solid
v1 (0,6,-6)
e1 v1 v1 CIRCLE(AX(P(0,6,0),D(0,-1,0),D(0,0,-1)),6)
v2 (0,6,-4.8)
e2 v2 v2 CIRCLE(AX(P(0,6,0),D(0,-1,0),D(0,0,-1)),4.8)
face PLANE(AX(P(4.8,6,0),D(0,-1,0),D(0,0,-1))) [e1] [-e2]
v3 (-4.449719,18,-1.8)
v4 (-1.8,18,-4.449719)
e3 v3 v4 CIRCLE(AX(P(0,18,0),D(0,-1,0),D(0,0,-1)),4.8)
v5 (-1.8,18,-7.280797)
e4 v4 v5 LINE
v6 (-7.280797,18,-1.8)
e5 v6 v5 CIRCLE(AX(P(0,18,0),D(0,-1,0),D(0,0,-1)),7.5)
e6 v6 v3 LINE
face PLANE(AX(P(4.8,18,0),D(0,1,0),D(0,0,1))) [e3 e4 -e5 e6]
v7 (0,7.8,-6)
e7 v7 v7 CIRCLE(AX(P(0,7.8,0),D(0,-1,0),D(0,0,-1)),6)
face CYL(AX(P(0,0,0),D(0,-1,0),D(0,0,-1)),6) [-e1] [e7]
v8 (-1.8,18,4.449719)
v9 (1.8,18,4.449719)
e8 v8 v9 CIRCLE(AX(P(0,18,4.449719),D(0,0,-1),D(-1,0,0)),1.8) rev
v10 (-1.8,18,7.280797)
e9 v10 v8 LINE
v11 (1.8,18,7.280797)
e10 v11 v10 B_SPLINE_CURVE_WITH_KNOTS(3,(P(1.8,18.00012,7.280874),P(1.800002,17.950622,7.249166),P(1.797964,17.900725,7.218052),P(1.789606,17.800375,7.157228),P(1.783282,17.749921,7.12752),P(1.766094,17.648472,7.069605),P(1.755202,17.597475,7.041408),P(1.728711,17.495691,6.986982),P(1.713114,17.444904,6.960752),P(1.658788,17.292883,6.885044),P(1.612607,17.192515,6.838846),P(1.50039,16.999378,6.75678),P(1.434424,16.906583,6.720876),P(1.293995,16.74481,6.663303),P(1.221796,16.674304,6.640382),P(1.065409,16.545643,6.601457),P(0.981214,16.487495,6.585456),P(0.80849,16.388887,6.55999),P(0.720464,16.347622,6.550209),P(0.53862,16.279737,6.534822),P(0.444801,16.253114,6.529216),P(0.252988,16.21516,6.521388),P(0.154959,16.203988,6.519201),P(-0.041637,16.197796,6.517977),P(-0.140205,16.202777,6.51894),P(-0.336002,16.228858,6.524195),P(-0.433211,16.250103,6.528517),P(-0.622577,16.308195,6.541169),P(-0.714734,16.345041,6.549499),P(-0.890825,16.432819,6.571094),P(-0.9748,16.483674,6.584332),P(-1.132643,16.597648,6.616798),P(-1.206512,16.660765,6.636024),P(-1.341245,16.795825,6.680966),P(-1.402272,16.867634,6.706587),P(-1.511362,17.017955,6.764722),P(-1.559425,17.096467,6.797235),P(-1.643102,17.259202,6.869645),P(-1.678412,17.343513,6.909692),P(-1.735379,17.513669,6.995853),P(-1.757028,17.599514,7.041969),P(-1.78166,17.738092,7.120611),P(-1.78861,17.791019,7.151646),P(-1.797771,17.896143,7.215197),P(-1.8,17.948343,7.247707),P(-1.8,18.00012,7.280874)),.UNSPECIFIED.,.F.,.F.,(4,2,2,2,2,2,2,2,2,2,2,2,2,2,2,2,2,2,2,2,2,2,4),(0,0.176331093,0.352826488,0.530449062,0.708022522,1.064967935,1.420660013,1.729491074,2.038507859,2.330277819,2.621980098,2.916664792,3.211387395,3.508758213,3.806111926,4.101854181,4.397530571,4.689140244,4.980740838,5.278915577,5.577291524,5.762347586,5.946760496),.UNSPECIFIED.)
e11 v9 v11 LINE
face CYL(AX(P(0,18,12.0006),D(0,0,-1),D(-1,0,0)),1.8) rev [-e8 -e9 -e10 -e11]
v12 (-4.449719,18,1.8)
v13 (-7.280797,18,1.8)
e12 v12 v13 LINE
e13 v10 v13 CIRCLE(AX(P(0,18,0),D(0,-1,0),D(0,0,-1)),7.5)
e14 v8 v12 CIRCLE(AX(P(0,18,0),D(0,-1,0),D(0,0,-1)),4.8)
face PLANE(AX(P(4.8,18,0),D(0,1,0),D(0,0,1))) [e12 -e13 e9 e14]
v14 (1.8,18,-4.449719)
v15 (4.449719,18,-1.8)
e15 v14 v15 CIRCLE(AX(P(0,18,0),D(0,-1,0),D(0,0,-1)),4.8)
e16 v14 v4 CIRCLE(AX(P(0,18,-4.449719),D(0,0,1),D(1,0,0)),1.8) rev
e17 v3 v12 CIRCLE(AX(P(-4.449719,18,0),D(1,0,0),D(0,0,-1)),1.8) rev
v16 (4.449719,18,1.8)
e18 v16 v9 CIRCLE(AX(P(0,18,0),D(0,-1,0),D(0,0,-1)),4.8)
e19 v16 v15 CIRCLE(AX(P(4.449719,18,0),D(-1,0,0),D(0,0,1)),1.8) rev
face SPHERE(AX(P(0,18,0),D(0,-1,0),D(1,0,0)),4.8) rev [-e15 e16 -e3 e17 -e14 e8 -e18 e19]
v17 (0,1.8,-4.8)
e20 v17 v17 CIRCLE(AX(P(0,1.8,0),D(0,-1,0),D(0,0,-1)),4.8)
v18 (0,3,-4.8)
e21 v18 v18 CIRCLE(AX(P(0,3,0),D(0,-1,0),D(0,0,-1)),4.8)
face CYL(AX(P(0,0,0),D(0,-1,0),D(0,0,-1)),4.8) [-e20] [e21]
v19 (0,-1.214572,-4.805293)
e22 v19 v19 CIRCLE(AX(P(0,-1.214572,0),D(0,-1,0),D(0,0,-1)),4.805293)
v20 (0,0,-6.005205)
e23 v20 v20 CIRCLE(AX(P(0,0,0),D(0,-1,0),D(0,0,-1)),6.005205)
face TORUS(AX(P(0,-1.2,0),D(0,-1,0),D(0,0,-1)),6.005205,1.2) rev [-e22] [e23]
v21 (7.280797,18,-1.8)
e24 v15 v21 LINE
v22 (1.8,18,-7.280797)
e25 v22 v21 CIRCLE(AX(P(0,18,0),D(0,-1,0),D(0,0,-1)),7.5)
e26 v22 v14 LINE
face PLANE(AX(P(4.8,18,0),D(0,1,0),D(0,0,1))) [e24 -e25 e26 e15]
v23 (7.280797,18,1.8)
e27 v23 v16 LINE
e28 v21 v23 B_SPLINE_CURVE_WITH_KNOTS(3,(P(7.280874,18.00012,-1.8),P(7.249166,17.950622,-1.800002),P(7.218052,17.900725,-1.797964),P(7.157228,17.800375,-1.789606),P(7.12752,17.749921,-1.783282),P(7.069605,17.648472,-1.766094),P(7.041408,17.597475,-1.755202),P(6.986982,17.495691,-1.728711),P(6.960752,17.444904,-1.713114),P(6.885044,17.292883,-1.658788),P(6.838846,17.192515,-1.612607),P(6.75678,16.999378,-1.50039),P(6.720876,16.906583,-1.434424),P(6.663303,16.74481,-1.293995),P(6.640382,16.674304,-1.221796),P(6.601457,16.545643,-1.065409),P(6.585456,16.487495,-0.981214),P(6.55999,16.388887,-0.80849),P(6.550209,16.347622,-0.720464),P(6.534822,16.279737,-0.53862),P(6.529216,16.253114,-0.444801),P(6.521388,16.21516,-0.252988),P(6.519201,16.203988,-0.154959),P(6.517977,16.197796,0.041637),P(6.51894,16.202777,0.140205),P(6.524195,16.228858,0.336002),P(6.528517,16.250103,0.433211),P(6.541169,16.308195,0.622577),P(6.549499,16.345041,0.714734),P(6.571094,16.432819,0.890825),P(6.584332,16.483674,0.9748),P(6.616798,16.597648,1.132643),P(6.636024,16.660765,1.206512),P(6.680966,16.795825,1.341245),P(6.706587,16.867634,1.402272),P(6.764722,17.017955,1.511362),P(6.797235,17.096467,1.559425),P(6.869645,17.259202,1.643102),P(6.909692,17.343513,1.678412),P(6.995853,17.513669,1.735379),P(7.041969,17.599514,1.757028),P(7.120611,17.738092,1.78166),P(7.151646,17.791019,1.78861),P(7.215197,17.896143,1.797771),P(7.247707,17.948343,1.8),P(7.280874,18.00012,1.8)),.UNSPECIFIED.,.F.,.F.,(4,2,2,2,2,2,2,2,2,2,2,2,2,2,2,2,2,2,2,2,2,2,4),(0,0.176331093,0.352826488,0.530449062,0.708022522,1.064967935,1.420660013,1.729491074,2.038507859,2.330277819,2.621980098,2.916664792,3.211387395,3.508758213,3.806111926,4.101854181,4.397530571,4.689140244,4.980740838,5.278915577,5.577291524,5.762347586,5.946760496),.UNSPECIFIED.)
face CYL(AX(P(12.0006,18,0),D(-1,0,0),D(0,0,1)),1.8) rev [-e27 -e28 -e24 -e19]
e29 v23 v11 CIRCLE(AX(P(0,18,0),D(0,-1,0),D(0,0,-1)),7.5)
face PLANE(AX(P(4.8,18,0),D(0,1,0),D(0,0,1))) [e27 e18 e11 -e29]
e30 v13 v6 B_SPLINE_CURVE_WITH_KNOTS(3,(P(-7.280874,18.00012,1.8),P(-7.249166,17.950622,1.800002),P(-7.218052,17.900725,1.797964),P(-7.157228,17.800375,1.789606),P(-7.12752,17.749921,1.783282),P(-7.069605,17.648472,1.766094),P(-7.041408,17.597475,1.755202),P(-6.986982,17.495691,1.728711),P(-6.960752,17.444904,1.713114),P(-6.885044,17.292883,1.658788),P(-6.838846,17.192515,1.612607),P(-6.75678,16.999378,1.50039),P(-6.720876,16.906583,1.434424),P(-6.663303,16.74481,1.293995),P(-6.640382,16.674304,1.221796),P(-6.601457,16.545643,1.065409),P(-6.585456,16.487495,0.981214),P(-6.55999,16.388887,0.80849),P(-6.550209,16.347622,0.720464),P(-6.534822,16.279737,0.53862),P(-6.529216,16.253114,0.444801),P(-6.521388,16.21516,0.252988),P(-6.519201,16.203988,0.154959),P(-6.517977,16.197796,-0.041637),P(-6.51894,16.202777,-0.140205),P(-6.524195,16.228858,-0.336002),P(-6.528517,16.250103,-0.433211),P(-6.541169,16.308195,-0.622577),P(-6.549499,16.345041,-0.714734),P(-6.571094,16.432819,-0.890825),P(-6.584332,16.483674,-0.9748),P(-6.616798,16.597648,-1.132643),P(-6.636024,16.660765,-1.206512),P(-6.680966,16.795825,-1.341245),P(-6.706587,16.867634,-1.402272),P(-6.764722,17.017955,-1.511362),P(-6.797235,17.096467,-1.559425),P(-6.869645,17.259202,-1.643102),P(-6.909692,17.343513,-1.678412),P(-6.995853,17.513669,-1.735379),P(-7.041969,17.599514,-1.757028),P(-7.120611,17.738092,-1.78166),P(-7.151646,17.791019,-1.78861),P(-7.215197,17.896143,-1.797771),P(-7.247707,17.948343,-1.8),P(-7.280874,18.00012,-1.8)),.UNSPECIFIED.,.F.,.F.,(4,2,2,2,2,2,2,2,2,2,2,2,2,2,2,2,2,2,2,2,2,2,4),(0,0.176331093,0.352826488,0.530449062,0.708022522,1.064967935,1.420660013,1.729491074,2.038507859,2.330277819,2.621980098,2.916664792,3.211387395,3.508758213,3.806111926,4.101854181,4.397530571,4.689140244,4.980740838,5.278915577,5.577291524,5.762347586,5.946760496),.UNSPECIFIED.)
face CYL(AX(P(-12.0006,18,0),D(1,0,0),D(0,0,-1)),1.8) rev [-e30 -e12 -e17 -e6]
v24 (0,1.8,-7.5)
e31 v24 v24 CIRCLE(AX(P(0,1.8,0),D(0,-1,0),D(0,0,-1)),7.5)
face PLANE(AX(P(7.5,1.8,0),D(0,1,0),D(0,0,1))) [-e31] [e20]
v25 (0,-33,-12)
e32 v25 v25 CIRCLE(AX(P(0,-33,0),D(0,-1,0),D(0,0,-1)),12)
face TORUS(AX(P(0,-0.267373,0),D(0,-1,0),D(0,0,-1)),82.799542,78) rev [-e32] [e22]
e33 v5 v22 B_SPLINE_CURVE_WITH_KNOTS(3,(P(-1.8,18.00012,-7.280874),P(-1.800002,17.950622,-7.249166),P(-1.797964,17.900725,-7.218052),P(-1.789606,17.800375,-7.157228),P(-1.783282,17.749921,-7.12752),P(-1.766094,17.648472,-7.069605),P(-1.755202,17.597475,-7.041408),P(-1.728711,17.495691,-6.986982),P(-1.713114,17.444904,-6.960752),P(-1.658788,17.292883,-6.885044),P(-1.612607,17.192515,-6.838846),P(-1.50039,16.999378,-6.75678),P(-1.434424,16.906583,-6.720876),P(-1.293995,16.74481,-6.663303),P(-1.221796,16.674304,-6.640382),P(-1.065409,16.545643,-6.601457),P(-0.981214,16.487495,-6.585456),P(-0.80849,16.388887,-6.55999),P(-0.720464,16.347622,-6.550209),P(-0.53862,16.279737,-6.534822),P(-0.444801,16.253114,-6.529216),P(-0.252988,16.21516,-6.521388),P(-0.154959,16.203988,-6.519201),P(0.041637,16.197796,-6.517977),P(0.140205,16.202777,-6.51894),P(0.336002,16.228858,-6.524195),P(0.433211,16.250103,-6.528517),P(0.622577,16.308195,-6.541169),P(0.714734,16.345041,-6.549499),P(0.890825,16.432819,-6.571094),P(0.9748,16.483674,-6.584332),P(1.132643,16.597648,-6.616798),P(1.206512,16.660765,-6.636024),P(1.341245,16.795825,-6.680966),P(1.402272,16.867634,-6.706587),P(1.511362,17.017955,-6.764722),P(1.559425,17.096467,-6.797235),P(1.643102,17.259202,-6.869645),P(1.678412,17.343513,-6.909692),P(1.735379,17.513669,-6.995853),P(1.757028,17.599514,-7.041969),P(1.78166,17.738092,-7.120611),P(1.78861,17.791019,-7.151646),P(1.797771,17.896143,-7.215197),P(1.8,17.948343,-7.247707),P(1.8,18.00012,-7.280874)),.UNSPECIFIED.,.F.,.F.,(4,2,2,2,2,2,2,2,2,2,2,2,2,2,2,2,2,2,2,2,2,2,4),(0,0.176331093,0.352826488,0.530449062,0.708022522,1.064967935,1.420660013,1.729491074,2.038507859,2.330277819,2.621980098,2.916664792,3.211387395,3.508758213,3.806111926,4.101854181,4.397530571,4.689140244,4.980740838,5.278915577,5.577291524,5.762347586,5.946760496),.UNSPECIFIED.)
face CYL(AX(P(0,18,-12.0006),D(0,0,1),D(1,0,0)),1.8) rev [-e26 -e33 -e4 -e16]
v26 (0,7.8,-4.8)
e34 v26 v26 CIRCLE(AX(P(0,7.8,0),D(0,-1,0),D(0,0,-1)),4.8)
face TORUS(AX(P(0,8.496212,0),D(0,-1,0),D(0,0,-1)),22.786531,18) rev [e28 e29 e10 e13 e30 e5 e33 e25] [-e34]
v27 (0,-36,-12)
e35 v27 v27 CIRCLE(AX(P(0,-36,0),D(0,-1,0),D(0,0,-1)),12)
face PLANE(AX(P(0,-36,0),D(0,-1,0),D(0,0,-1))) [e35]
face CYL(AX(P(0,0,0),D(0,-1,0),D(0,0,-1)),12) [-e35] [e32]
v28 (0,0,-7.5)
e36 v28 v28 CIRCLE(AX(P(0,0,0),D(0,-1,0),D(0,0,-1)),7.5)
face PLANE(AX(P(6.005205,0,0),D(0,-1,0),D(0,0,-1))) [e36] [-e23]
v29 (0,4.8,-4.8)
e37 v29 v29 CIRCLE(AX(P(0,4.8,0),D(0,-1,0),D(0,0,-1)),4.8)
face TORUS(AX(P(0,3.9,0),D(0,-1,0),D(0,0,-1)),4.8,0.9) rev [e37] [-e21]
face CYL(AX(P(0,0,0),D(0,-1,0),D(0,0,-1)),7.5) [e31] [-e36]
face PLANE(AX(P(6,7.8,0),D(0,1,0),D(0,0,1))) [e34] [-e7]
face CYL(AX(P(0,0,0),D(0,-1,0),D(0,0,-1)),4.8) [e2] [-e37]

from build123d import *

# Parameters (mm, degrees)
CUT_EXTRUDE1_REACH            = 68.332
CUT_EXTRUDE1_END_MAJOR_RADIUS = 37.977551241
CUT_EXTRUDE1_END_MINOR_RADIUS = 30
SKETCH2_R                     = 3
CIRPATTERN1_COUNT             = 4
SCALE_1_SCALE                 = 0.6


with BuildPart() as part:
    # Sketch1 → Revolve1 (revolve)
    with BuildSketch(Plane.XY, mode=Mode.PRIVATE) as revolve1_sk:
        with BuildLine():
            Line((0, -60), (20, -60))
            Line((20, -60), (20, -55))
            ThreePointArc((20, -55), (11.206794692, -29.145390653), (8.008821921, -2.024287169))
            ThreePointArc((8.008821921, -2.024287169), (8.585899987, -0.594399477), (10.008674448, 0))
            Line((10.008674448, 0), (12.5, 0))
            Line((12.5, 0), (12.5, 3))
            Line((12.5, 3), (8, 3))
            Line((8, 3), (8, 5))
            ThreePointArc((8, 5), (6.5, 6.5), (8, 8))
            Line((8, 8), (8, 10))
            Line((8, 10), (10, 10))
            Line((10, 10), (10, 13))
            Line((10, 13), (8, 13))
            ThreePointArc((8, 13), (8.976394405, 21.837130893), (12.5, 30))
            Line((12.5, 30), (8, 30))
            ThreePointArc((8, 30), (5.656854249, 24.343145751), (0, 22))
            Line((0, 22), (0, -60))
        make_face()
    revolve(revolve1_sk.sketch.rotate(Axis((0, 0, 0), (0, 1, 0)), 90), axis=Axis((0, 0, 0), (0, 1, 0)))

    # Cut-Extrude1: up to this torus (the profile starts outside it)
    cut_extrude1_end = Plane(origin=(0, 14.160354083, 0), z_dir=(0, -1, 0)) * Torus(CUT_EXTRUDE1_END_MAJOR_RADIUS, CUT_EXTRUDE1_END_MINOR_RADIUS, mode=Mode.PRIVATE)
    # Sketch2 → Cut-Extrude1 (cut, up to the surface)
    with BuildSketch(Plane.XY, mode=Mode.PRIVATE) as cut_extrude1_sk1:
        with Locations((0, 30)):
            Circle(SKETCH2_R)
    cut_extrude1_tool1 = extrude(cut_extrude1_sk1.sketch, amount=-CUT_EXTRUDE1_REACH, mode=Mode.PRIVATE) - cut_extrude1_end
    cut_extrude1 = cut_extrude1_tool1.solids().sort_by_distance((0, 30, 0))[0]
    add(cut_extrude1, mode=Mode.SUBTRACT)

    # CirPattern1: Cut-Extrude1 ×4 about axis
    cirpattern1_axis = Axis((0, 13, 0), (0, -1, 0))
    for i in range(1, CIRPATTERN1_COUNT):
        add(cut_extrude1.rotate(cirpattern1_axis, i * 360 / CIRPATTERN1_COUNT), mode=Mode.SUBTRACT)


with BuildPart() as part_1:
    # 缩放比例1: scaled about (0, 0, 0)
    add(part.part.scale(SCALE_1_SCALE))


solid = part_1.part
